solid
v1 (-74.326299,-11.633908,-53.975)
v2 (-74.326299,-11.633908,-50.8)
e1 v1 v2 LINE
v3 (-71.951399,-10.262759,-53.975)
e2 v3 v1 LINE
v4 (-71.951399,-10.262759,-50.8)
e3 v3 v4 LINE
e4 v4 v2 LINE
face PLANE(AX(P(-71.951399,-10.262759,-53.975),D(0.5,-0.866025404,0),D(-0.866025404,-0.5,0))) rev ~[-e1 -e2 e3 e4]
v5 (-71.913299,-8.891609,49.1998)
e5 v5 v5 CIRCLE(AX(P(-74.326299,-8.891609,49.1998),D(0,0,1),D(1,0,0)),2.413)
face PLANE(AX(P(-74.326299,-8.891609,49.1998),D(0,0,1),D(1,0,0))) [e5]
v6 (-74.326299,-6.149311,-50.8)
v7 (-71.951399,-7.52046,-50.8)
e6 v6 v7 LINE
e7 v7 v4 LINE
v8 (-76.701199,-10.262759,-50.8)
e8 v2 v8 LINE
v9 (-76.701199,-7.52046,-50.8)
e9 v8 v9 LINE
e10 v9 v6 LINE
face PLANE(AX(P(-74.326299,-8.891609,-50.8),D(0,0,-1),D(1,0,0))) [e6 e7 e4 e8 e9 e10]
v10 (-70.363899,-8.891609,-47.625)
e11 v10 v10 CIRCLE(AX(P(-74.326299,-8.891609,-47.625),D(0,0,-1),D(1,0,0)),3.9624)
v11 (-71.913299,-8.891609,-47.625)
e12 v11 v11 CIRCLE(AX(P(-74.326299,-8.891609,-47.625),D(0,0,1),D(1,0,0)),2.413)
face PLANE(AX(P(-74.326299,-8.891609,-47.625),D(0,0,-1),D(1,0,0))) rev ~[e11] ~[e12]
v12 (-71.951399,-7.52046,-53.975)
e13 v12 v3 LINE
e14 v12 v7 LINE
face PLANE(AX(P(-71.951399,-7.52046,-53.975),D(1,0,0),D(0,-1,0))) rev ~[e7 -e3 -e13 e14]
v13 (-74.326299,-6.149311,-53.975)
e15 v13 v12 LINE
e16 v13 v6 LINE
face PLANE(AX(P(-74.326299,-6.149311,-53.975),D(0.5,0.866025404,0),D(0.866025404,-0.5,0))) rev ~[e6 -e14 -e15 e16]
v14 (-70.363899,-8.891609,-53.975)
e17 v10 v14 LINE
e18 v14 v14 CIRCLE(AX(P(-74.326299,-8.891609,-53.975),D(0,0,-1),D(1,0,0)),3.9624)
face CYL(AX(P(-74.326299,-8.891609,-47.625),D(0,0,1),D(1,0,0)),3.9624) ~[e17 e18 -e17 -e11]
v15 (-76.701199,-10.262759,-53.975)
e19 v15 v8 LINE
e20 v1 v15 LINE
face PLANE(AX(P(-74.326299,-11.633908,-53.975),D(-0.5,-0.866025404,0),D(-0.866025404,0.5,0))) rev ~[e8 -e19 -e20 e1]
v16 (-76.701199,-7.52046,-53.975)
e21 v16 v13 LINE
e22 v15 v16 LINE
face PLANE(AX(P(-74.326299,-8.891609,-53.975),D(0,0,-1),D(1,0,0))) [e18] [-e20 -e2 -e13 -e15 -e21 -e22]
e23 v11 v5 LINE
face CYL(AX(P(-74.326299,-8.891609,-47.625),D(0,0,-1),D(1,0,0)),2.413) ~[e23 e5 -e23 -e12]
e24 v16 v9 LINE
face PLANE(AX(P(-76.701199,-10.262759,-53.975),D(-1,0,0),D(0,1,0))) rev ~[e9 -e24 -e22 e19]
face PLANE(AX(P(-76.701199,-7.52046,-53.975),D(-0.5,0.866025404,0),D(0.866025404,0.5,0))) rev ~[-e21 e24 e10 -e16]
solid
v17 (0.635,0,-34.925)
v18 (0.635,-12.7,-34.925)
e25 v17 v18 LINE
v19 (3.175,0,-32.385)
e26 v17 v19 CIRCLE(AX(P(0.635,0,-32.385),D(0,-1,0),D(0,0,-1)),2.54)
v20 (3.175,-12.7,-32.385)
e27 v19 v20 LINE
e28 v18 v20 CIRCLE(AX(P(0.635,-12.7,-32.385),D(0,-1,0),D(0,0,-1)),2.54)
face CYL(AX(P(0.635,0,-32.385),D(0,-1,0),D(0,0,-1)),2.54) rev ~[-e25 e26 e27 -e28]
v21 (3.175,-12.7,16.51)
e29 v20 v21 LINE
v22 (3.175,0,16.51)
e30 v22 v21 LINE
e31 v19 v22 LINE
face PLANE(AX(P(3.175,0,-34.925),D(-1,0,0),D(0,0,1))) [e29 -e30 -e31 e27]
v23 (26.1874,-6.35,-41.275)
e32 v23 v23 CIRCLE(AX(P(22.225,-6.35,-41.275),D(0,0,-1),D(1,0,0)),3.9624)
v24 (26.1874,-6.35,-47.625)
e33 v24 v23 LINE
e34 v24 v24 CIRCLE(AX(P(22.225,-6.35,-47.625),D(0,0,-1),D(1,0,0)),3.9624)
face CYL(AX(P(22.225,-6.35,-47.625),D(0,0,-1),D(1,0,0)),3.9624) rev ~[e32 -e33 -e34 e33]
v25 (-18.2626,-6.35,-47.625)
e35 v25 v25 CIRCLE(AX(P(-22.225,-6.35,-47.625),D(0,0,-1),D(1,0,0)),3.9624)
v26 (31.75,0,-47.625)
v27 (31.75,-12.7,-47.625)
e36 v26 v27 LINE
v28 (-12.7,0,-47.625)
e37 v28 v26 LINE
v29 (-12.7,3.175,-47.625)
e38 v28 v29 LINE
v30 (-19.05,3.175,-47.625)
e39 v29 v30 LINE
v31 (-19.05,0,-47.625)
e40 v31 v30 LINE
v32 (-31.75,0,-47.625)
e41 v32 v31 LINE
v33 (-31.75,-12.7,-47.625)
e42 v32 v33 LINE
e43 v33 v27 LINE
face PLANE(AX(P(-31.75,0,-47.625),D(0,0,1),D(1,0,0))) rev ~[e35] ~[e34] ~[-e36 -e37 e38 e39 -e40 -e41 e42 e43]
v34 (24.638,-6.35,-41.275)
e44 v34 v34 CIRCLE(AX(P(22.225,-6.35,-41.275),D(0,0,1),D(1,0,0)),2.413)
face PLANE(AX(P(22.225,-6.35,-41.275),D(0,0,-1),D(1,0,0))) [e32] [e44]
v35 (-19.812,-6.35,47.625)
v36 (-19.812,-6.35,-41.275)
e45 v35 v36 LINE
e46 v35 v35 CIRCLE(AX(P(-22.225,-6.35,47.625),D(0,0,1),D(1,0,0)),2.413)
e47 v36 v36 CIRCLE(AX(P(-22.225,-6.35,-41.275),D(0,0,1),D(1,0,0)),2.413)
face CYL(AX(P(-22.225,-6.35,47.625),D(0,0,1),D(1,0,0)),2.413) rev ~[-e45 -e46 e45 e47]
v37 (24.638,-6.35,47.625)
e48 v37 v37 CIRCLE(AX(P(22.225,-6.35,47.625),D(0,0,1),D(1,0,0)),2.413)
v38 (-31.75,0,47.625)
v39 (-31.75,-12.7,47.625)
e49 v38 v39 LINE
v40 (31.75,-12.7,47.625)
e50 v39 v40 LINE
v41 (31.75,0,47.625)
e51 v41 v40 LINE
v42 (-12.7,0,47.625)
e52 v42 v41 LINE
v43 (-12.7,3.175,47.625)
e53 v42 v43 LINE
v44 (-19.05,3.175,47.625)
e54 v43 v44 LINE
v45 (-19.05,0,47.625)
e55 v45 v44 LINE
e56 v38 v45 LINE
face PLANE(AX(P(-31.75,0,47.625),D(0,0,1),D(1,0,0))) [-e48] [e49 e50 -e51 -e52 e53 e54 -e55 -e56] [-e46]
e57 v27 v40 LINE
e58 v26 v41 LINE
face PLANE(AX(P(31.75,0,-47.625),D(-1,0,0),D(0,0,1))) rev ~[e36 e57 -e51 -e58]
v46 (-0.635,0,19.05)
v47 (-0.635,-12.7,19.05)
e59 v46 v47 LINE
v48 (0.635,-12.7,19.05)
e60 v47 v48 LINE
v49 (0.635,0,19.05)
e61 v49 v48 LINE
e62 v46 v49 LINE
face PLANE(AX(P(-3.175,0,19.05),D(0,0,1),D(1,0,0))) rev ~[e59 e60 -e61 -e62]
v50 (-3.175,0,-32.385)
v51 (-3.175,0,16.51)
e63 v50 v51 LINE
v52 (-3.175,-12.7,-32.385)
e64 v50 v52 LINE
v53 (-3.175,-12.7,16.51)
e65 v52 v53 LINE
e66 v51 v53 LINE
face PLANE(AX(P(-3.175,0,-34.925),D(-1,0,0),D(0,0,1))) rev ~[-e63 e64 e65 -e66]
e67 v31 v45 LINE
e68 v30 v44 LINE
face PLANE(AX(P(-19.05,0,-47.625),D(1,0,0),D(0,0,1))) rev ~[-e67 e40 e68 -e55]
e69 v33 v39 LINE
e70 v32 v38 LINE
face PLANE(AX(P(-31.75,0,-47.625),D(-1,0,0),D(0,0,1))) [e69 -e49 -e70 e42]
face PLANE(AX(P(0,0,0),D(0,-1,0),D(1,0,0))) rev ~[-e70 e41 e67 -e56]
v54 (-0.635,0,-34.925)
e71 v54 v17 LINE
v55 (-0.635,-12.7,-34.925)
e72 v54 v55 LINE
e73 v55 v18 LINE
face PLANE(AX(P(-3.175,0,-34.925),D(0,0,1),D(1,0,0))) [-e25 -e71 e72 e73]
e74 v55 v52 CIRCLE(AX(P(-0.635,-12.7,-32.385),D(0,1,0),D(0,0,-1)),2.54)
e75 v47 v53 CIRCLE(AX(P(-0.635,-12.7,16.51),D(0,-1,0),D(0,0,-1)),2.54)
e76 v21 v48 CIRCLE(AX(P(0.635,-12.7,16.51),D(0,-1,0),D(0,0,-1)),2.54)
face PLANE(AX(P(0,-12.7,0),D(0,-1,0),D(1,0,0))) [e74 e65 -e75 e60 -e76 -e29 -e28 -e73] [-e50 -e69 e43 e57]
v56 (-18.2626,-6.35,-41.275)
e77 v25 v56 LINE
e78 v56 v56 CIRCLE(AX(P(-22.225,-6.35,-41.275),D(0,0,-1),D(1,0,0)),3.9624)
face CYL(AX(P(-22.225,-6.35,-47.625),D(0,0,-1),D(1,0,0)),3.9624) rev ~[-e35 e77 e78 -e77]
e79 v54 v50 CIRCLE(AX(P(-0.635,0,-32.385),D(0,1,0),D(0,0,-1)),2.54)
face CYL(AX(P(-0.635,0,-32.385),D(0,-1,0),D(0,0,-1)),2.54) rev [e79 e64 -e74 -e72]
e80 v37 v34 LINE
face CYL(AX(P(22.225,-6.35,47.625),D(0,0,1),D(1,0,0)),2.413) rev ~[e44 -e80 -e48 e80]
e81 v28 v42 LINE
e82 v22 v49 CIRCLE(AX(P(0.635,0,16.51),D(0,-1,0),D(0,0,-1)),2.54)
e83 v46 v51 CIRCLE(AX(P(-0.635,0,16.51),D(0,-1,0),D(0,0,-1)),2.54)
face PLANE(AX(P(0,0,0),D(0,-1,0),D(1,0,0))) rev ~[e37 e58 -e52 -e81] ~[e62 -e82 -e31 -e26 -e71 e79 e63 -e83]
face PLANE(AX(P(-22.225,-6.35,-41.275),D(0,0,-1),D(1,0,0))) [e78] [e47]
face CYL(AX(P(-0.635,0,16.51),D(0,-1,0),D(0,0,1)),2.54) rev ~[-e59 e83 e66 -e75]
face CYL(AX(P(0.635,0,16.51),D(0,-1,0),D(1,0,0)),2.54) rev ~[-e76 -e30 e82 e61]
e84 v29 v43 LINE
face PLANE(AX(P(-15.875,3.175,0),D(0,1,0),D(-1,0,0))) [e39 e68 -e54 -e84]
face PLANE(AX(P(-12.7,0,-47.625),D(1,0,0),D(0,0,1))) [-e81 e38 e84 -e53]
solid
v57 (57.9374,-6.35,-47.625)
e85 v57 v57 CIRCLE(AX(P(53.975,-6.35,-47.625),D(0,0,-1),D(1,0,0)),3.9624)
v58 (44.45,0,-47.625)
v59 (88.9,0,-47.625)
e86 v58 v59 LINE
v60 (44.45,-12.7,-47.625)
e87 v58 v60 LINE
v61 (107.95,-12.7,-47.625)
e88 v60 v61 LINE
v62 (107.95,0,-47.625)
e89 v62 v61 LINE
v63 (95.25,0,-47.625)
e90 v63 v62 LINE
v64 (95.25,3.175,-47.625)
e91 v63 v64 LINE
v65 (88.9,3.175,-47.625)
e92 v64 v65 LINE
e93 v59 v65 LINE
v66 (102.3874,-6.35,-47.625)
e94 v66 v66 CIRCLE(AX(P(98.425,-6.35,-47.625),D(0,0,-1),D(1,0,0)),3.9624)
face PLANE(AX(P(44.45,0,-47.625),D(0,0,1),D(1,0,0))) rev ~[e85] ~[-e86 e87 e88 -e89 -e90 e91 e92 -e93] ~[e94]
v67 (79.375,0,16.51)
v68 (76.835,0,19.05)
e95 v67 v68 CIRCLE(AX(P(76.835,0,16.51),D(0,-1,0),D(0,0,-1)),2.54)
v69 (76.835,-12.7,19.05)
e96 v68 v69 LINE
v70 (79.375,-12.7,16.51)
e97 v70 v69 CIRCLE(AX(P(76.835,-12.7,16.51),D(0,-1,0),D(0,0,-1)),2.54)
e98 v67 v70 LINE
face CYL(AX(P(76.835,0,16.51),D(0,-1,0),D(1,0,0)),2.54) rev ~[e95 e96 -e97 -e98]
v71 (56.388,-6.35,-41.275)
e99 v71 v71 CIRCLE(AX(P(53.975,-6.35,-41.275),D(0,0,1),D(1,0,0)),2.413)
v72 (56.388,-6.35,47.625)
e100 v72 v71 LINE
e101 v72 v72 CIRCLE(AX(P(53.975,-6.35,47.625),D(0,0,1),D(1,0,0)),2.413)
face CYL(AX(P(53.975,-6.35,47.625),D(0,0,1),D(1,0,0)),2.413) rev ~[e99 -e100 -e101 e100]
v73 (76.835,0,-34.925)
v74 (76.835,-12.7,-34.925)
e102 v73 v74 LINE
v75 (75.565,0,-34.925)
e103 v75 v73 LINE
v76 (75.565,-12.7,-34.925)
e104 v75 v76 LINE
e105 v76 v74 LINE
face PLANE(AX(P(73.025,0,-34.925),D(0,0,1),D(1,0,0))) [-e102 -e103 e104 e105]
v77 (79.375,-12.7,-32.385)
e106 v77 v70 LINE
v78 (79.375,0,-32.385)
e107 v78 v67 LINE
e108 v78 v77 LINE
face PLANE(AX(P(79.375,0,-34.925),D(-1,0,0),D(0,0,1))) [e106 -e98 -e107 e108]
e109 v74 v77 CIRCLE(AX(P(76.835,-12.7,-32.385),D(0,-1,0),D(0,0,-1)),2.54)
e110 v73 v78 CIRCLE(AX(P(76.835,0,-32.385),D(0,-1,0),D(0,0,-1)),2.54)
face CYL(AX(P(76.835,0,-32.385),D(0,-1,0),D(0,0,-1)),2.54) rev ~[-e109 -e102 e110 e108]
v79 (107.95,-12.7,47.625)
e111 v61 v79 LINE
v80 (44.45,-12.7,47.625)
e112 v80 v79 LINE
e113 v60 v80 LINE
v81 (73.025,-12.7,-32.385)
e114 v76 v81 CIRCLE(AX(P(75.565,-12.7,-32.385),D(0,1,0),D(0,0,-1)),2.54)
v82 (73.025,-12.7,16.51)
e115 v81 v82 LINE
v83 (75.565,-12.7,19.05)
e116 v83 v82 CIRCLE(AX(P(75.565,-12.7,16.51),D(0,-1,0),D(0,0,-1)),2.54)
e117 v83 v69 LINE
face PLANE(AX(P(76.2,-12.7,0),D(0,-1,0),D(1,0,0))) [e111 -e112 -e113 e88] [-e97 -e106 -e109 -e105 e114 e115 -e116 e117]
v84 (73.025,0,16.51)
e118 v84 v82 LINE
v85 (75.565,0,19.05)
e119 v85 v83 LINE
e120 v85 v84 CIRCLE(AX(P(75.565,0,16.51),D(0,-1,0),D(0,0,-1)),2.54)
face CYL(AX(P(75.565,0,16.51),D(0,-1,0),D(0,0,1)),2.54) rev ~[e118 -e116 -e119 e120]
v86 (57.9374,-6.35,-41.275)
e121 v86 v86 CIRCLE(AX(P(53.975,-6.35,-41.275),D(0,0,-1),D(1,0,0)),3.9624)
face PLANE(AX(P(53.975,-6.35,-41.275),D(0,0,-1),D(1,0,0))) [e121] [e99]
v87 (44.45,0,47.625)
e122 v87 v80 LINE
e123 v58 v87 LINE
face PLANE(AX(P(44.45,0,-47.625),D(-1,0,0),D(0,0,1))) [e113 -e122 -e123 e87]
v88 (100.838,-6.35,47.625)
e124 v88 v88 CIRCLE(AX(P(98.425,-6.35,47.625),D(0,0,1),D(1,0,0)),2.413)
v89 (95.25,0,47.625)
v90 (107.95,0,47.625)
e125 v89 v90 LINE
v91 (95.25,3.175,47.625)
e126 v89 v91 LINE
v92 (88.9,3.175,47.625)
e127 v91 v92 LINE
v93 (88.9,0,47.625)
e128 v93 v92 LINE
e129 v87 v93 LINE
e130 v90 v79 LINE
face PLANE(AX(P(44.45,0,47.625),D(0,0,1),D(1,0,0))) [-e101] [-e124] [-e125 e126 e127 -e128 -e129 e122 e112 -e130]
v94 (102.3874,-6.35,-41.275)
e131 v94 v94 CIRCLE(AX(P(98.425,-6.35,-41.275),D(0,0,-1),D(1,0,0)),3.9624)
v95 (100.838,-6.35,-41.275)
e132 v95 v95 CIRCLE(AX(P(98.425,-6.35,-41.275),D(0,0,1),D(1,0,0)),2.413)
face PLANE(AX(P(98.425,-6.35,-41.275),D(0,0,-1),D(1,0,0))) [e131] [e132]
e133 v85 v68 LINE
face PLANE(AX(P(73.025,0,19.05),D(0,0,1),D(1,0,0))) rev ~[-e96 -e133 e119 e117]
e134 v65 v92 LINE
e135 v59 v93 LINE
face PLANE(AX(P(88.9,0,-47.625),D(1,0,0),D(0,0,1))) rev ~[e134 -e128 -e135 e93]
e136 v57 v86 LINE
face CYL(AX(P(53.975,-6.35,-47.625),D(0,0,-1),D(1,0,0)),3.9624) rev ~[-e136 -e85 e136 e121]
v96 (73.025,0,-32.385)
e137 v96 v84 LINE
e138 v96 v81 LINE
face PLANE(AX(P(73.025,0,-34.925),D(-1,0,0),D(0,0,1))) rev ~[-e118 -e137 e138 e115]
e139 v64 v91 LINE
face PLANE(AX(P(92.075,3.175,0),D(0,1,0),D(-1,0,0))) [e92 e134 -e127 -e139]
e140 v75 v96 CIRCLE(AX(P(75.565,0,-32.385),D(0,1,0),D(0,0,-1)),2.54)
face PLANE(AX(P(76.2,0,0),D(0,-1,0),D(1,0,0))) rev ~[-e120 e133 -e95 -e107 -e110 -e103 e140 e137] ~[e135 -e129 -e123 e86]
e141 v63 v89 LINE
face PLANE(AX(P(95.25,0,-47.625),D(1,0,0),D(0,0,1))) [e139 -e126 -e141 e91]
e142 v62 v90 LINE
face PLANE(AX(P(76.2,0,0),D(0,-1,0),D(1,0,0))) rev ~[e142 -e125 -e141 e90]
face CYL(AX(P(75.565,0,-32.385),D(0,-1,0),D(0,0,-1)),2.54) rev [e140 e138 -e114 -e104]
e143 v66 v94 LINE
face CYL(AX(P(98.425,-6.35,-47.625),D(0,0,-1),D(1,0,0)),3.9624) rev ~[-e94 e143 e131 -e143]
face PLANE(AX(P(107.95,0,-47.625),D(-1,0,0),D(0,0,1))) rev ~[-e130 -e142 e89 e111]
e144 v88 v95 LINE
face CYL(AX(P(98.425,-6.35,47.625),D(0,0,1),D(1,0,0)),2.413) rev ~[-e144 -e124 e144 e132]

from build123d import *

# Parameters (mm, degrees)
F0_W      = 63.5
F0_H      = 95.25
F0_W_2    = 6.35
F0_H_2    = 53.975
F1_DEPTH  = 12.7
F2_R      = 2.54
F3_R      = 2.413
F4_DEPTH  = 95.251
F5_R      = 3.9624
F6_DEPTH  = 6.35
F8_W      = 6.35
F8_H      = 95.25
F9_DEPTH  = 3.175
F10_R     = 3.9624
F11_DEPTH = 6.35
F13_DEPTH = 3.175
F14_R     = 2.413
F15_DEPTH = 96.8248


with BuildPart() as f1:
    # F0 (on Front) → F1 (new body)
    with BuildSketch(Plane.XZ):
        Rectangle(F0_W, F0_H)
        with Locations((0, -7.9375)):
            Rectangle(F0_W_2, F0_H_2, mode=Mode.SUBTRACT)
    extrude(amount=F1_DEPTH)

    # F2
    f2_edges = [f1.edges().sort_by_distance(p)[0] for p in [
        (-3.175, -6.35, 19.05),
        (3.175, -6.35, 19.05),
        (3.175, -6.35, -34.925),
        (-3.175, -6.35, -34.925),
    ]]
    fillet(f2_edges, radius=F2_R)

    # F3 (on face) → F4 (cut, through all)
    with BuildSketch(Plane.XY.offset(47.625)):
        with Locations((-22.225, -6.35)):
            Circle(F3_R)
        with Locations((22.225, -6.35)):
            Circle(F3_R)
    extrude(amount=-F4_DEPTH, mode=Mode.SUBTRACT)

    # F5 (on face) → F6 (cut)
    with BuildSketch(Plane(origin=(0, 0, -47.625), x_dir=(1, 0, 0), z_dir=(0, 0, -1))):
        with Locations((-22.225, 6.35)):
            Circle(F5_R)
        with Locations((22.225, 6.35)):
            Circle(F5_R)
    extrude(amount=-F6_DEPTH, mode=Mode.SUBTRACT)


with BuildPart() as f7_1:
    # F7: copy of F1
    add(f1.part.moved(Location((76.2, 0, 0))))

    # F8 (on face) → F9, piece 2 (join)
    with BuildSketch(Plane(origin=(0, 0, 0), x_dir=(-1, 0, 0), z_dir=(0, 1, 0))):
        with Locations((-92.075, 0)):
            Rectangle(F8_W, F8_H)
    extrude(amount=F9_DEPTH)


with BuildPart() as f1_1:
    add(f1.part)

    # F8 (on face) → F9 (join)
    with BuildSketch(Plane(origin=(0, 0, 0), x_dir=(-1, 0, 0), z_dir=(0, 1, 0))):
        with Locations((15.875, 0)):
            Rectangle(F8_W, F8_H)
    extrude(amount=F9_DEPTH)


with BuildPart() as f11:
    # F10 (on face) → F11 (new body)
    with BuildSketch(Plane(origin=(0, 0, -47.625), x_dir=(1, 0, 0), z_dir=(0, 0, -1))):
        with Locations((-74.3262991309, 8.8916094974)):
            Circle(F10_R)
    extrude(amount=F11_DEPTH)

    # F12 (on face) → F13 (cut)
    with BuildSketch(Plane(origin=(0, 0, -53.975), x_dir=(1, 0, 0), z_dir=(0, 0, -1))):
        Polygon((-74.3262991309, 6.1493111888), (-71.9513991309, 7.5204603431), (-71.9513991309, 10.2627586517), (-74.3262991309, 11.633907806), (-76.7011991309, 10.2627586517), (-76.7011991309, 7.5204603431), align=None)
    extrude(amount=-F13_DEPTH, mode=Mode.SUBTRACT)

    # F14 (on face) → F15 (join)
    with BuildSketch(Plane.XY.offset(-47.625)):
        with Locations((-74.3262991309, -8.8916094974)):
            Circle(F14_R)
    extrude(amount=F15_DEPTH)


solid = Compound([f7_1.part, f1_1.part, f11.part])
